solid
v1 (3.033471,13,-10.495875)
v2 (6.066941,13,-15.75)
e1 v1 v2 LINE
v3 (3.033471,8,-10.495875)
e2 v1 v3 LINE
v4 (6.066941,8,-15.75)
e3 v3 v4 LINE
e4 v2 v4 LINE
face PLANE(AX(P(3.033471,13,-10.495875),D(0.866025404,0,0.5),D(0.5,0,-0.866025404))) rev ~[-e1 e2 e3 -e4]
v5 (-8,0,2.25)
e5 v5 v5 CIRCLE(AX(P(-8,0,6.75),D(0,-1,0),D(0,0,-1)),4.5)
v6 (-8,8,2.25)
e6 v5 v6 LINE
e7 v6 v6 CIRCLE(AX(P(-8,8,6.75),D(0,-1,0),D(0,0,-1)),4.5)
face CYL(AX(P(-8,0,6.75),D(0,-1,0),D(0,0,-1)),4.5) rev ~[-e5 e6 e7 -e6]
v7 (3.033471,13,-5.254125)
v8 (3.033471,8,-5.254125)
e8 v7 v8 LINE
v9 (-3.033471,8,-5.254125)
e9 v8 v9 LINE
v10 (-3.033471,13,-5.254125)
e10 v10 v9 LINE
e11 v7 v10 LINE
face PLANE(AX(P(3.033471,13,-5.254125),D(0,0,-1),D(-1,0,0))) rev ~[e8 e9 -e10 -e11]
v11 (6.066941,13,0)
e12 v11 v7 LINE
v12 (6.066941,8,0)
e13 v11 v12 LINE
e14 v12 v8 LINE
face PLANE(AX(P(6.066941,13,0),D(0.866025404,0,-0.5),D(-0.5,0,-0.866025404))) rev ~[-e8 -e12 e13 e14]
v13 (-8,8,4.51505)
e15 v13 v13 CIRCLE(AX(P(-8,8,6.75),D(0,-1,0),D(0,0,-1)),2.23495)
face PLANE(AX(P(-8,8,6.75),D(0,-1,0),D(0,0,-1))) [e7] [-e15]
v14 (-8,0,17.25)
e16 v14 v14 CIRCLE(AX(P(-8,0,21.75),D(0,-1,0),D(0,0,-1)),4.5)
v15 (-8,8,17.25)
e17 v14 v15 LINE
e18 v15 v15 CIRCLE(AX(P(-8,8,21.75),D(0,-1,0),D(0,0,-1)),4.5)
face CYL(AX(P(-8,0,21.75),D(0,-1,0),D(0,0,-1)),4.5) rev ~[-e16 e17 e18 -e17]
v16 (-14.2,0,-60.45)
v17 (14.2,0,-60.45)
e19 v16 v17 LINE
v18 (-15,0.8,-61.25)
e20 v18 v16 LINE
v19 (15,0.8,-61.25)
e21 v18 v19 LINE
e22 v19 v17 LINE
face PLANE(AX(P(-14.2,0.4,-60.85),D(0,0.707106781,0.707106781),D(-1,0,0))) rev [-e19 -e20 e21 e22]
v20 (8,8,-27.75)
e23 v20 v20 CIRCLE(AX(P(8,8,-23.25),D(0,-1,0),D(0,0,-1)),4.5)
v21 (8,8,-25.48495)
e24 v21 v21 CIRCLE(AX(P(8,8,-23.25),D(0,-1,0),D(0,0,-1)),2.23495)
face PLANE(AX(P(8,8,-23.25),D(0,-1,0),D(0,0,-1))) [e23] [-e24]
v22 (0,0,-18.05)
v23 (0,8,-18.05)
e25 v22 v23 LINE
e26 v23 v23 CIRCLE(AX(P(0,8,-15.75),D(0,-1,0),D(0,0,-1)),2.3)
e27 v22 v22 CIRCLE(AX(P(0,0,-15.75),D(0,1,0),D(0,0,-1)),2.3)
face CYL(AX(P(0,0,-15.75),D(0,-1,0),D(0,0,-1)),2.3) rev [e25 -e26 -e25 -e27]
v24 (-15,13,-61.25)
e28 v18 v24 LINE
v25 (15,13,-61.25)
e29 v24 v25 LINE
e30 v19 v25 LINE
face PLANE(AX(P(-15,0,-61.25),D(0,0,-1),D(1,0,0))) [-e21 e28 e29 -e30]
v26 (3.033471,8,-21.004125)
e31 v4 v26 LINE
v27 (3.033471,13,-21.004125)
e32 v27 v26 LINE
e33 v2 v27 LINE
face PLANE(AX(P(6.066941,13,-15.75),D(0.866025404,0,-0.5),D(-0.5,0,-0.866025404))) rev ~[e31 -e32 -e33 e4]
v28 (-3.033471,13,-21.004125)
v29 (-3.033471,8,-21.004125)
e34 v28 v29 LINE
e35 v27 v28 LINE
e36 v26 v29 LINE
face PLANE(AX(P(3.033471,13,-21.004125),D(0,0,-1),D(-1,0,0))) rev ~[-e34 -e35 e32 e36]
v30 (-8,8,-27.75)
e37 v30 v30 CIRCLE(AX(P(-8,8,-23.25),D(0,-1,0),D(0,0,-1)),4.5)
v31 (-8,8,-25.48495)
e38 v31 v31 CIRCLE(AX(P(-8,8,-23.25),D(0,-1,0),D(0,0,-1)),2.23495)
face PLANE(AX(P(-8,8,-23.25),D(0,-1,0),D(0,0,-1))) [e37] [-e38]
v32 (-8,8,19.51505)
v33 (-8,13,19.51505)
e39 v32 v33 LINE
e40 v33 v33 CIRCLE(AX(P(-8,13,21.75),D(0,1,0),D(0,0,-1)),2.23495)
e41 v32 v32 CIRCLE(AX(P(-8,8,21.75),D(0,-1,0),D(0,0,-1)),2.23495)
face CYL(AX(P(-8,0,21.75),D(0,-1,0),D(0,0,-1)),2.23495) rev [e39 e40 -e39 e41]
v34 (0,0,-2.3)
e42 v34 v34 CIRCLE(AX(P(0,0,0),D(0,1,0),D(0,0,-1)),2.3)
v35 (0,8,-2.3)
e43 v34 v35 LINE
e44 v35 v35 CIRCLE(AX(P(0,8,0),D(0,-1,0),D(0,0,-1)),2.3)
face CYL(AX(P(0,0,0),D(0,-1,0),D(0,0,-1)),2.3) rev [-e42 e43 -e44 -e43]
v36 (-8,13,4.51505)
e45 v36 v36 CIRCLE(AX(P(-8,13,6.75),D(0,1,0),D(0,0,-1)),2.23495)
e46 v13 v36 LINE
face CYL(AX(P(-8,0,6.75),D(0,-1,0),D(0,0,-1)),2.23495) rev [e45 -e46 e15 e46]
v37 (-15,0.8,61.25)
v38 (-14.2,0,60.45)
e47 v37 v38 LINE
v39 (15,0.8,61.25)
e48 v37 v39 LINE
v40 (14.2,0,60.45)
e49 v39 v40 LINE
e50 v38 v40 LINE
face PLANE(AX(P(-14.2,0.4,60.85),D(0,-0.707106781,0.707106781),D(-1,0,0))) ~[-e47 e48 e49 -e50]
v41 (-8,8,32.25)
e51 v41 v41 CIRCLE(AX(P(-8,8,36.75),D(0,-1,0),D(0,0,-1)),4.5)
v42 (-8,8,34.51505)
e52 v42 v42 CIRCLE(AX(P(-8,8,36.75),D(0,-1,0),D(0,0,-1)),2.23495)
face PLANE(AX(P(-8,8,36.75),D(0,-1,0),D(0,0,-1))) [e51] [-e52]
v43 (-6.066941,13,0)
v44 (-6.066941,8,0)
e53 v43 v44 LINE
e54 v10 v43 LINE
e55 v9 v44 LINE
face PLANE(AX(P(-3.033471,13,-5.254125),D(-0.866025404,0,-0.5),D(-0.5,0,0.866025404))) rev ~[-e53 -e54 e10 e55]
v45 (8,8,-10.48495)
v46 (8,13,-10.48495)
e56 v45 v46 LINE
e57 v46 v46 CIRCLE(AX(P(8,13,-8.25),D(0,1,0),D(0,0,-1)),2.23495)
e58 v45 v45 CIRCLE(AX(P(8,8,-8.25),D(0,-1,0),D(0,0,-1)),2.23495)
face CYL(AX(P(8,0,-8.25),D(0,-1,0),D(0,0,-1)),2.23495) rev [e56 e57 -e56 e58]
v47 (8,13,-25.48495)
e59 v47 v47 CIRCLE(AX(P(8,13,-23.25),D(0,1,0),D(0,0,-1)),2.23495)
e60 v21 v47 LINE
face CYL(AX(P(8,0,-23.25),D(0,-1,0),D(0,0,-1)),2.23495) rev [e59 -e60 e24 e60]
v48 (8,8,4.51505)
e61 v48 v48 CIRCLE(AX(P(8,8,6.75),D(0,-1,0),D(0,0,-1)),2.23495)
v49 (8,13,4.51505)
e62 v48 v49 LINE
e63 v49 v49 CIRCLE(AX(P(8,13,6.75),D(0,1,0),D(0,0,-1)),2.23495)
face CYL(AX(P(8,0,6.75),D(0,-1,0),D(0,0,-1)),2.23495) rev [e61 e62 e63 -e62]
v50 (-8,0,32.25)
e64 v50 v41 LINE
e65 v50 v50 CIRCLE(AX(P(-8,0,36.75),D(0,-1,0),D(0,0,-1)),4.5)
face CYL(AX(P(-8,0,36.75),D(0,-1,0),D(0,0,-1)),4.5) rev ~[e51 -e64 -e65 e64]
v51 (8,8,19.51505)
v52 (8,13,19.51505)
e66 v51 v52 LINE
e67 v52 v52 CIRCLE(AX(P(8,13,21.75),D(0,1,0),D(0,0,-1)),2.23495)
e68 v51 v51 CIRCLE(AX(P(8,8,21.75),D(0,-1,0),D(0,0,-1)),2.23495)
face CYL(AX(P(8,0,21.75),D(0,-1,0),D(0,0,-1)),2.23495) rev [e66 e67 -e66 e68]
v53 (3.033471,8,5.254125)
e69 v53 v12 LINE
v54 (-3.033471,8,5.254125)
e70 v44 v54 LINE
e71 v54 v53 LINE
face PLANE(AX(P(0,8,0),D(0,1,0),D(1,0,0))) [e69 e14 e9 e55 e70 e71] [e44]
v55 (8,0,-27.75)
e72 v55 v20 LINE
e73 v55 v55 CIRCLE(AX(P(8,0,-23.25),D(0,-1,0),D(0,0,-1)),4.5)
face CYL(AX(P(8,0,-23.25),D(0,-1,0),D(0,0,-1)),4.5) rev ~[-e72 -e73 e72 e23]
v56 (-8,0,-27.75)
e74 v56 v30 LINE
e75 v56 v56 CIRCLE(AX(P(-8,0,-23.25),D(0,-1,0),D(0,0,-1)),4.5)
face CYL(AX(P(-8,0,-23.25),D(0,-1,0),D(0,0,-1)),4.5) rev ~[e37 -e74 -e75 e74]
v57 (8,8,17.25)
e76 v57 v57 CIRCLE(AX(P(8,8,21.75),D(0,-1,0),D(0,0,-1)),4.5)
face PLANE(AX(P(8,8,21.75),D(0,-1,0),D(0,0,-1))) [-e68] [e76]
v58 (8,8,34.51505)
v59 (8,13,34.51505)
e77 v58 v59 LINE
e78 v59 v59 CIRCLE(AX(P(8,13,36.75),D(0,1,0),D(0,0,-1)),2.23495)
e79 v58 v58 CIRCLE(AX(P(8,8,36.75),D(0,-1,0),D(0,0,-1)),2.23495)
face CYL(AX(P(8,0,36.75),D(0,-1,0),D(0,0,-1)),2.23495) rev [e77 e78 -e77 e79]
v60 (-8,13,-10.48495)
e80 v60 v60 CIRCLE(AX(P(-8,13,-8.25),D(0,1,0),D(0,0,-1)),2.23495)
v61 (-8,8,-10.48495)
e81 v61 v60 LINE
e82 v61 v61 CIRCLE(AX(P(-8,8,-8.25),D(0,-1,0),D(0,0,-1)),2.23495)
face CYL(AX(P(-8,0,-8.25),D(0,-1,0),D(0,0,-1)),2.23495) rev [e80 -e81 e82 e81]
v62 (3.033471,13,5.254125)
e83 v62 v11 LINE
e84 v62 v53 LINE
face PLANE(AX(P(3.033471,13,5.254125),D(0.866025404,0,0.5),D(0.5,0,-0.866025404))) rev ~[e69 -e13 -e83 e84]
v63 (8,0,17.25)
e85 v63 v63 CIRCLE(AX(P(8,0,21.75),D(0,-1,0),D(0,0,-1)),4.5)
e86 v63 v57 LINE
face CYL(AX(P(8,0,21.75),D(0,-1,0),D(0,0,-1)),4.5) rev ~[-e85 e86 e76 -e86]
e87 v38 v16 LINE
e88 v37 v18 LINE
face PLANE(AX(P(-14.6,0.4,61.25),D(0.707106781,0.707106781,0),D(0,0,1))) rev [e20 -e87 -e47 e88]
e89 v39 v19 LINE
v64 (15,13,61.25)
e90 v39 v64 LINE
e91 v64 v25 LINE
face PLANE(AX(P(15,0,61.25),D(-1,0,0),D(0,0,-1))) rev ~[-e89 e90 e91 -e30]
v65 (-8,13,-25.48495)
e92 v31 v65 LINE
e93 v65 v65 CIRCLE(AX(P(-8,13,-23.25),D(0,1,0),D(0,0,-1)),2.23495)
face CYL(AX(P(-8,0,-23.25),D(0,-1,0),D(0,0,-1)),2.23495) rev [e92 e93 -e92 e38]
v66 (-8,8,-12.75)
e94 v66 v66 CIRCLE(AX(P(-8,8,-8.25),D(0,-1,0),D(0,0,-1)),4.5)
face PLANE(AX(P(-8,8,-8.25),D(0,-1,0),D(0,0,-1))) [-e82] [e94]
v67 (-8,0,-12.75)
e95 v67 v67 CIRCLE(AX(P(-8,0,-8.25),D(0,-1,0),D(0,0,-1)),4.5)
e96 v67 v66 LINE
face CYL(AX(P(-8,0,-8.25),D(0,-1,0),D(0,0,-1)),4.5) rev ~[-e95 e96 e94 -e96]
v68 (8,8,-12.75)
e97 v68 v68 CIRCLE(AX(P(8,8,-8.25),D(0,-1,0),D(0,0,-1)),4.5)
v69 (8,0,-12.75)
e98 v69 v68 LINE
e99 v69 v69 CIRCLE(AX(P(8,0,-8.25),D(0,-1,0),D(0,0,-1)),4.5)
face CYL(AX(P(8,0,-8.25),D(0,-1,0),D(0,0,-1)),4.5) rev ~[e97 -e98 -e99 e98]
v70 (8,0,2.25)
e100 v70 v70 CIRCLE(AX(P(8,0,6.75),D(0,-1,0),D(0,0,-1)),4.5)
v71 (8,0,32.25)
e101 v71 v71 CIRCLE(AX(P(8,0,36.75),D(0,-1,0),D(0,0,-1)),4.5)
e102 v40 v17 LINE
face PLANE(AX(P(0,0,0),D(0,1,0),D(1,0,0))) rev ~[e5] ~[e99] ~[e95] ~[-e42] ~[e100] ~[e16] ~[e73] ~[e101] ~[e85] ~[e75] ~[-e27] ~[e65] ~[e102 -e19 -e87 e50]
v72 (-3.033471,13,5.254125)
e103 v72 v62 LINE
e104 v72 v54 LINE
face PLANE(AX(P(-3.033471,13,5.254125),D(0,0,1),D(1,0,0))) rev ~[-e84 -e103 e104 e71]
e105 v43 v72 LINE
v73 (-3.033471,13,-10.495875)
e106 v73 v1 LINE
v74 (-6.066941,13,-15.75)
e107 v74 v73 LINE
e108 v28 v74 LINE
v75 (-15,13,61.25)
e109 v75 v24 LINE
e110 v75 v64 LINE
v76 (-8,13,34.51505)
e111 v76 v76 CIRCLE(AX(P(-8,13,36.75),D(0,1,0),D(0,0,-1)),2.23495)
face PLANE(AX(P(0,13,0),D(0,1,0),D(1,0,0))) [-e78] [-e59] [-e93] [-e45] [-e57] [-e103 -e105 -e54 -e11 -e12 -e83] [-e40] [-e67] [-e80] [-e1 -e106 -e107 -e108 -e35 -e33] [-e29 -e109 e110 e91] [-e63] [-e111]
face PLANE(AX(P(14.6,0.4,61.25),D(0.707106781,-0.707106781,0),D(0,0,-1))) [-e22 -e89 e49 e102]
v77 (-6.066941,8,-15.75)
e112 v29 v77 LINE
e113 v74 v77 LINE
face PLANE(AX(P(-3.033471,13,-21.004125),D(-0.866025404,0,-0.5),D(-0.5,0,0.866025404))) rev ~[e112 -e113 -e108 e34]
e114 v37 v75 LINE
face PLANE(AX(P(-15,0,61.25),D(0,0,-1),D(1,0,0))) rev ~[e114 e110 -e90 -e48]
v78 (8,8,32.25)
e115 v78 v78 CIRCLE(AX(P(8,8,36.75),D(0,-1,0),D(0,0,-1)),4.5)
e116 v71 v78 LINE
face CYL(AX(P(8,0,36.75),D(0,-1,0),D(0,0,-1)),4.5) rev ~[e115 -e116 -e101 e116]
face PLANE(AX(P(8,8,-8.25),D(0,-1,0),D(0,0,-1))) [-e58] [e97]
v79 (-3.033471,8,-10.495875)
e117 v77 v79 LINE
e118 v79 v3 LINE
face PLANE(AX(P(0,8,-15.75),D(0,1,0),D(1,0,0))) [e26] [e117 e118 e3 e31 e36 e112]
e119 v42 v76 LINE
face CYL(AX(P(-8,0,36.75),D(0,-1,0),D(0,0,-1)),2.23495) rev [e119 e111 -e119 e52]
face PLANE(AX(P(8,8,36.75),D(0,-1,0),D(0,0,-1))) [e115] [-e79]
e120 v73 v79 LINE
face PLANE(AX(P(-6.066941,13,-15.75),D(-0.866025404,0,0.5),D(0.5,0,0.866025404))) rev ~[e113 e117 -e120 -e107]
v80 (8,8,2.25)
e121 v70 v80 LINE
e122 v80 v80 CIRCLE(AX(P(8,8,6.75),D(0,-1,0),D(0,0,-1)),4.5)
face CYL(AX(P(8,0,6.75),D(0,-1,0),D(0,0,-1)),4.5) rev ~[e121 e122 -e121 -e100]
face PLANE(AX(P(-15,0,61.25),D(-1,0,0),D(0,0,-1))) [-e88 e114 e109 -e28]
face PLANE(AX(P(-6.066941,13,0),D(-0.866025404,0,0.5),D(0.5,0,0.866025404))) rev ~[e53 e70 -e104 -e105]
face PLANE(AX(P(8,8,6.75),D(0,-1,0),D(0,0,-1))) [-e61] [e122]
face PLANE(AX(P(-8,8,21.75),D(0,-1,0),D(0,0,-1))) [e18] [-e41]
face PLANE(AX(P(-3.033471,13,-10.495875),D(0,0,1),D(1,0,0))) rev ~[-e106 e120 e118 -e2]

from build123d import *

# Parameters (mm, degrees)
SKETCH1_W           = 30
SKETCH1_H           = 122.5
SKETCH1_R           = 2.234949948
SKETCH1_R_2         = 2.3
BOSS_EXTRUDE1_DEPTH = 13
CUT_EXTRUDE1_DEPTH  = 5
CHAMFER1_SIZE       = 0.8
SKETCH3_R           = 4.5
CUT_EXTRUDE2_DEPTH  = 8
CHAMFER2_SIZE       = 0.8


with BuildPart() as part:
    # Sketch1 → Boss-Extrude1 (new body)
    with BuildSketch(Plane(origin=(0, 0, 0), x_dir=(1, 0, 0), z_dir=(0, 1, 0))):
        Rectangle(SKETCH1_W, SKETCH1_H)
        with Locations(Location((-8, 23.25, 0), (0, 0, 90))):
            Circle(SKETCH1_R, mode=Mode.SUBTRACT)
        with Locations(Location((8, 23.25, 0), (0, 0, 90))):
            Circle(SKETCH1_R, mode=Mode.SUBTRACT)
        with Locations(Location((8, 8.25, 0), (0, 0, 90))):
            Circle(SKETCH1_R, mode=Mode.SUBTRACT)
        with Locations(Location((8, -6.75, 0), (0, 0, 90))):
            Circle(SKETCH1_R, mode=Mode.SUBTRACT)
        with Locations(Location((8, -21.75, 0), (0, 0, 90))):
            Circle(SKETCH1_R, mode=Mode.SUBTRACT)
        with Locations(Location((8, -36.75, 0), (0, 0, 90))):
            Circle(SKETCH1_R, mode=Mode.SUBTRACT)
        with Locations(Location((-8, 8.25, 0), (0, 0, 90))):
            Circle(SKETCH1_R, mode=Mode.SUBTRACT)
        with Locations(Location((-8, -6.75, 0), (0, 0, 90))):
            Circle(SKETCH1_R, mode=Mode.SUBTRACT)
        with Locations(Location((-8, -21.75, 0), (0, 0, 90))):
            Circle(SKETCH1_R, mode=Mode.SUBTRACT)
        with Locations(Location((-8, -36.75, 0), (0, 0, 90))):
            Circle(SKETCH1_R, mode=Mode.SUBTRACT)
        with Locations(Location((0, 15.75, 0), (0, 0, 90))):
            Circle(SKETCH1_R_2, mode=Mode.SUBTRACT)
        with Locations(Location((0, 0, 0), (0, 0, 90))):
            Circle(SKETCH1_R_2, mode=Mode.SUBTRACT)
    extrude(amount=BOSS_EXTRUDE1_DEPTH)

    # Sketch2 → Cut-Extrude1 (cut)
    with BuildSketch(Plane(origin=(0, 13, 0), x_dir=(1, 0, 0), z_dir=(0, 1, 0))):
        Polygon((6.066941319, 0), (3.033470659, 5.254125305), (-3.033470659, 5.254125305), (-6.066941319, 0), (-3.033470659, -5.254125305), (3.033470659, -5.254125305), align=None)
        Polygon((6.066941319, 15.75), (3.033470659, 21.004125305), (-3.033470659, 21.004125305), (-6.066941319, 15.75), (-3.033470659, 10.495874695), (3.033470659, 10.495874695), align=None)
    extrude(amount=-CUT_EXTRUDE1_DEPTH, mode=Mode.SUBTRACT)

    # Chamfer1
    chamfer1_edges = [part.edges().sort_by_distance(p)[0] for p in [
        (-15, 0, 0),
        (15, 0, 0),
    ]]
    chamfer(chamfer1_edges, length=CHAMFER1_SIZE)

    # Sketch3 → Cut-Extrude2 (cut)
    with BuildSketch(Plane.XZ):
        with Locations(Location((8, 36.75, 0), (0, 0, 270))):
            Circle(SKETCH3_R)
        with Locations(Location((-8, 36.75, 0), (0, 0, 270))):
            Circle(SKETCH3_R)
        with Locations(Location((-8, 21.75, 0), (0, 0, 270))):
            Circle(SKETCH3_R)
        with Locations(Location((-8, 6.75, 0), (0, 0, 270))):
            Circle(SKETCH3_R)
        with Locations(Location((-8, -8.25, 0), (0, 0, 270))):
            Circle(SKETCH3_R)
        with Locations(Location((-8, -23.25, 0), (0, 0, 270))):
            Circle(SKETCH3_R)
        with Locations(Location((8, 21.75, 0), (0, 0, 270))):
            Circle(SKETCH3_R)
        with Locations(Location((8, 6.75, 0), (0, 0, 270))):
            Circle(SKETCH3_R)
        with Locations(Location((8, -8.25, 0), (0, 0, 270))):
            Circle(SKETCH3_R)
        with Locations(Location((8, -23.25, 0), (0, 0, 270))):
            Circle(SKETCH3_R)
    extrude(amount=-CUT_EXTRUDE2_DEPTH, mode=Mode.SUBTRACT)

    # Chamfer2
    chamfer2_edges = [part.edges().sort_by_distance(p)[0] for p in [
        (0, 0, -61.25),
        (0, 0, 61.25),
    ]]
    chamfer(chamfer2_edges, length=CHAMFER2_SIZE)


solid = part.part
